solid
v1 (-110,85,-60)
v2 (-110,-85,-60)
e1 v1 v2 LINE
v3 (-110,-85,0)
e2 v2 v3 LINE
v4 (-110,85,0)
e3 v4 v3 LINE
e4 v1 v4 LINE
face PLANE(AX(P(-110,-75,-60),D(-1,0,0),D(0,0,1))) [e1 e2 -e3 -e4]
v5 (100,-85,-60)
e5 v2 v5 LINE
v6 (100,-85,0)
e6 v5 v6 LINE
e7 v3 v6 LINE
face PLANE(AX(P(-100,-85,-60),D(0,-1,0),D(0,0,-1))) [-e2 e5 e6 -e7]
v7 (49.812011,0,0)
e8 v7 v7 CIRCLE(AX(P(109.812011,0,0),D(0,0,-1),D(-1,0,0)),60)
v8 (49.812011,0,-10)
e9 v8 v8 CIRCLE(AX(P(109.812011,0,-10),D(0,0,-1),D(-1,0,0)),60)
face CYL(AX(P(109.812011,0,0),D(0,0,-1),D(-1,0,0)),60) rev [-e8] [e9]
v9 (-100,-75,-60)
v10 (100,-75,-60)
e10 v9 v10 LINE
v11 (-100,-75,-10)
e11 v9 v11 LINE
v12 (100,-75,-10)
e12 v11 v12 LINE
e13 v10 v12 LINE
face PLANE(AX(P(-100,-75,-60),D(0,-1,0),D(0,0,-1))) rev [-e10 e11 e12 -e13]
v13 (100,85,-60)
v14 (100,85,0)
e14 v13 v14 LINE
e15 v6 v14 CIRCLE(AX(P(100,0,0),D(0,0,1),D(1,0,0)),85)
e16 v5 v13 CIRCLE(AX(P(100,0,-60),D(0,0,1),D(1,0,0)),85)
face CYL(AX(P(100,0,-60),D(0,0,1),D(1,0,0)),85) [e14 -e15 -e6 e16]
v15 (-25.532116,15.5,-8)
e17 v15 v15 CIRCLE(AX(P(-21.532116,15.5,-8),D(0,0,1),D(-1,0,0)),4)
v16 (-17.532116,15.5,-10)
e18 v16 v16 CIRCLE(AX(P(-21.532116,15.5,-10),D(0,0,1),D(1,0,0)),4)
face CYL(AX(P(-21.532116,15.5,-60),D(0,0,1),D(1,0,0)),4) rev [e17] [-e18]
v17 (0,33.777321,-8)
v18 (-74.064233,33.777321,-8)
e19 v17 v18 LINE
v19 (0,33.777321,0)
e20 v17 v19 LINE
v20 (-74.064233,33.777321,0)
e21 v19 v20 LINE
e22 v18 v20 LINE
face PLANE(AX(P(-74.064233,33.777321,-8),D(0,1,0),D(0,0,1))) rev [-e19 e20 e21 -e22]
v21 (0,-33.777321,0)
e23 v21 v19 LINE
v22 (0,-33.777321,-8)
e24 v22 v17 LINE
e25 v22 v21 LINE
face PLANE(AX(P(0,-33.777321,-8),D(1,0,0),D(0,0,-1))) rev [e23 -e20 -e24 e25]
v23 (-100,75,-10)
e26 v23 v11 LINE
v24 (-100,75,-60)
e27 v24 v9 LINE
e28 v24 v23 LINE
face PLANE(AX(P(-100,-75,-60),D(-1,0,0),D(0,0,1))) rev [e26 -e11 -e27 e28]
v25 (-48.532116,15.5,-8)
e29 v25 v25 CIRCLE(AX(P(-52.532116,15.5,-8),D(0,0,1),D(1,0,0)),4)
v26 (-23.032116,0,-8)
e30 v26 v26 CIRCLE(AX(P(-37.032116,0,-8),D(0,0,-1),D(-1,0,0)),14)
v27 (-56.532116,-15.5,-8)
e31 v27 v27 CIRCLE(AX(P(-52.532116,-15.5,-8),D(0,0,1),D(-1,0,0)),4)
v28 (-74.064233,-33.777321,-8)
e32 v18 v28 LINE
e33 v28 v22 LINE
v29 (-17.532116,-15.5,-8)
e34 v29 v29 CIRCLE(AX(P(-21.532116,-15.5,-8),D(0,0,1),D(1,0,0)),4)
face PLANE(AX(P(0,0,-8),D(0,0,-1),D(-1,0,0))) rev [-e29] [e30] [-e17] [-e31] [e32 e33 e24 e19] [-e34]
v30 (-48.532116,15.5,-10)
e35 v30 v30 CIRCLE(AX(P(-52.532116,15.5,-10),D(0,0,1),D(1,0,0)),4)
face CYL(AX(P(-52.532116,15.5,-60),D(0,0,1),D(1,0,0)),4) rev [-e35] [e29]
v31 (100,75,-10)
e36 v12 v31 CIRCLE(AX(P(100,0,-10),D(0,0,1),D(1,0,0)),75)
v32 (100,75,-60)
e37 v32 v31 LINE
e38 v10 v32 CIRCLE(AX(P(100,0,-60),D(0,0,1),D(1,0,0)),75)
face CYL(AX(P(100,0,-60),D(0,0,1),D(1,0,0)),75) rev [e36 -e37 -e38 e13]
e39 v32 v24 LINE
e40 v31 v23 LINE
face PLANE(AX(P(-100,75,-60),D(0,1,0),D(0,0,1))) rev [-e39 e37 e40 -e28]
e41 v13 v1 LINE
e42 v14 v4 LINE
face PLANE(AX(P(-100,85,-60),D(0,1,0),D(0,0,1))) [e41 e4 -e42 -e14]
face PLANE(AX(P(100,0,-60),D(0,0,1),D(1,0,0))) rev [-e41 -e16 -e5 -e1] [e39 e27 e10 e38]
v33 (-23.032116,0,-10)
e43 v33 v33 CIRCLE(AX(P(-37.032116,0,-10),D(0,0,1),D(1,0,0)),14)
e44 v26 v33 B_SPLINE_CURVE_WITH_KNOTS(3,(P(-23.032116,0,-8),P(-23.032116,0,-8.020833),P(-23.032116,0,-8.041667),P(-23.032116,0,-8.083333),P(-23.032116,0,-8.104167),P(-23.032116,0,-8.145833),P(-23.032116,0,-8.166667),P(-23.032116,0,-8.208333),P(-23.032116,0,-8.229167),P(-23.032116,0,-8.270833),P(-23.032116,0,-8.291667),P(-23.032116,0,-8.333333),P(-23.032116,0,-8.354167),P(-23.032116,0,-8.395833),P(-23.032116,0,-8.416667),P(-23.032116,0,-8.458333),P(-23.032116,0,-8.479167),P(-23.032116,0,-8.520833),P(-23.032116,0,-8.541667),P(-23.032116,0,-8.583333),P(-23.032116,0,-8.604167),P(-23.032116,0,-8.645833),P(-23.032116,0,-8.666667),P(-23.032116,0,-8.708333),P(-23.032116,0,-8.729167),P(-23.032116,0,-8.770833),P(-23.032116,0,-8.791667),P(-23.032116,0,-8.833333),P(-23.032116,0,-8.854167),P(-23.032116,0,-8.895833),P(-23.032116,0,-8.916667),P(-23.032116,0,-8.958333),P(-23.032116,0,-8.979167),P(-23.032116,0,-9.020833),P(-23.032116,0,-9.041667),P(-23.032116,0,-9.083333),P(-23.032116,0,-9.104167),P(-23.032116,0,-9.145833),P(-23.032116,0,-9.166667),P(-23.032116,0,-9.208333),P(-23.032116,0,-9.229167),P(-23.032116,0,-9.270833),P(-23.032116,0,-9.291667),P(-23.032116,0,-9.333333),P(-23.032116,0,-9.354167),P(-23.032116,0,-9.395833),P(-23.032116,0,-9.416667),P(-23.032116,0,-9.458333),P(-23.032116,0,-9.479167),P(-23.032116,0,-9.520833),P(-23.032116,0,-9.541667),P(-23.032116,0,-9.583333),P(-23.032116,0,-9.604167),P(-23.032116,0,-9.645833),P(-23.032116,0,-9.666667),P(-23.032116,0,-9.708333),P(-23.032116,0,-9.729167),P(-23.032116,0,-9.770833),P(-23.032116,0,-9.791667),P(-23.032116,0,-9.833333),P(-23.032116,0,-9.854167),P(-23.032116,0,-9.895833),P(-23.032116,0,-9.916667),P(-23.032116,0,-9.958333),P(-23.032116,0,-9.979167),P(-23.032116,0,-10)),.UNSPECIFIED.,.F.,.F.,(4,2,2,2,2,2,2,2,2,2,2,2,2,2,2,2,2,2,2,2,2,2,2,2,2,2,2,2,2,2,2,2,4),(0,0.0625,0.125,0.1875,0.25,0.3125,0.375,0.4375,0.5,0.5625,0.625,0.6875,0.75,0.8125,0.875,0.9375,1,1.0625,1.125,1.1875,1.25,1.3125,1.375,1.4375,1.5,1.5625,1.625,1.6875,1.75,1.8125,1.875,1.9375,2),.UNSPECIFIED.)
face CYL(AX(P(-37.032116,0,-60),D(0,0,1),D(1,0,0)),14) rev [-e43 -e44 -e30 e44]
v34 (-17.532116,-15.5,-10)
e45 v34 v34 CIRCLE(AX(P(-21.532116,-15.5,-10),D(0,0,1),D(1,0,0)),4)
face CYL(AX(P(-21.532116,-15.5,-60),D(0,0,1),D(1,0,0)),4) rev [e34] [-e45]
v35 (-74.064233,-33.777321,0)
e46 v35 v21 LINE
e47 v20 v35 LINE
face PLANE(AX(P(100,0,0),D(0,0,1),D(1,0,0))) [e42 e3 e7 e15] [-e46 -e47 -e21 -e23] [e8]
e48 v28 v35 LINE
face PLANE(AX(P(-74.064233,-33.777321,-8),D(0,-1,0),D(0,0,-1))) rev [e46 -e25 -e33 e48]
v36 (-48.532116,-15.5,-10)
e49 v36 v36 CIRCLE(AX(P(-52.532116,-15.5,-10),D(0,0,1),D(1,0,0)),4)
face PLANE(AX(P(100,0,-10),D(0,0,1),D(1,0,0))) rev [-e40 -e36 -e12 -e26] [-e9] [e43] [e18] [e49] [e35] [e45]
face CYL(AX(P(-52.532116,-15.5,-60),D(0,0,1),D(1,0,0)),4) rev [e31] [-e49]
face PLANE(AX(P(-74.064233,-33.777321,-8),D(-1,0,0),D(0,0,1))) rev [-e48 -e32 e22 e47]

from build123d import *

# Parameters (mm, degrees)
EXTRUDE_THIN1_DEPTH = 60
BOSS_EXTRUDE1_DEPTH = 10
SKETCH2_R           = 60
CUT_EXTRUDE1_DEPTH  = 210.642552932
SKETCH3_W           = 74.064232883
SKETCH3_H           = 67.55464171
SKETCH3_R           = 14
CUT_EXTRUDE2_DEPTH  = 8
SKETCH3_2_R         = 14
CUT_EXTRUDE3_DEPTH  = 213.249852768
SKETCH7_R           = 4
CUT_EXTRUDE4_DEPTH  = 211.128532094


with BuildPart() as part:
    # Sketch1 → Extrude-Thin1 (new body)
    with BuildSketch(Plane.XY):
        with BuildLine():
            Line((100, 85), (-110, 85))
            Line((-110, 85), (-110, -85))
            Line((-110, -85), (100, -85))
            ThreePointArc((100, -85), (185, 0), (100, 85))
        make_face()
        with BuildLine():
            Line((100, 75), (-100, 75))
            Line((-100, 75), (-100, -75))
            Line((-100, -75), (100, -75))
            ThreePointArc((100, -75), (175, 0), (100, 75))
        make_face(mode=Mode.SUBTRACT)
    extrude(amount=-EXTRUDE_THIN1_DEPTH)

    # Sketch1<2> → Boss-Extrude1 (add)
    with BuildSketch(Plane.XY):
        with BuildLine():
            Line((-100, -75), (100, -75))
            ThreePointArc((100, -75), (175, 0), (100, 75))
            Line((100, 75), (-100, 75))
            Line((-100, 75), (-100, -75))
        make_face()
    extrude(amount=-BOSS_EXTRUDE1_DEPTH)

    # Sketch2 → Cut-Extrude1 (cut, through all)
    with BuildSketch(Plane(origin=(0, 0, -10), x_dir=(-1, 0, 0), z_dir=(0, 0, -1))):
        with Locations((-109.812010845, 0)):
            Circle(SKETCH2_R)
    extrude(amount=-CUT_EXTRUDE1_DEPTH, mode=Mode.SUBTRACT)

    # Sketch3 → Cut-Extrude2 (cut)
    with BuildSketch(Plane.XY):
        with Locations((-37.032116442, 0)):
            Rectangle(SKETCH3_W, SKETCH3_H)
        with Locations((-37.032116441, 0)):
            Circle(SKETCH3_R, mode=Mode.SUBTRACT)
    extrude(amount=-CUT_EXTRUDE2_DEPTH, mode=Mode.SUBTRACT)

    # Sketch3<2> → Cut-Extrude3 (cut, through all)
    with BuildSketch(Plane.XY):
        with Locations((-37.032116441, 0)):
            Circle(SKETCH3_2_R)
    extrude(amount=-CUT_EXTRUDE3_DEPTH, mode=Mode.SUBTRACT)

    # Sketch7 → Cut-Extrude4 (cut, through all)
    with BuildSketch(Plane.XY.offset(-8)):
        with Locations((-52.532116441, 15.5)):
            Circle(SKETCH7_R)
        with Locations((-21.532116441, 15.5)):
            Circle(SKETCH7_R)
        with Locations((-21.532116441, -15.5)):
            Circle(SKETCH7_R)
        with Locations((-52.532116441, -15.5)):
            Circle(SKETCH7_R)
    extrude(amount=-CUT_EXTRUDE4_DEPTH, mode=Mode.SUBTRACT)


solid = part.part
